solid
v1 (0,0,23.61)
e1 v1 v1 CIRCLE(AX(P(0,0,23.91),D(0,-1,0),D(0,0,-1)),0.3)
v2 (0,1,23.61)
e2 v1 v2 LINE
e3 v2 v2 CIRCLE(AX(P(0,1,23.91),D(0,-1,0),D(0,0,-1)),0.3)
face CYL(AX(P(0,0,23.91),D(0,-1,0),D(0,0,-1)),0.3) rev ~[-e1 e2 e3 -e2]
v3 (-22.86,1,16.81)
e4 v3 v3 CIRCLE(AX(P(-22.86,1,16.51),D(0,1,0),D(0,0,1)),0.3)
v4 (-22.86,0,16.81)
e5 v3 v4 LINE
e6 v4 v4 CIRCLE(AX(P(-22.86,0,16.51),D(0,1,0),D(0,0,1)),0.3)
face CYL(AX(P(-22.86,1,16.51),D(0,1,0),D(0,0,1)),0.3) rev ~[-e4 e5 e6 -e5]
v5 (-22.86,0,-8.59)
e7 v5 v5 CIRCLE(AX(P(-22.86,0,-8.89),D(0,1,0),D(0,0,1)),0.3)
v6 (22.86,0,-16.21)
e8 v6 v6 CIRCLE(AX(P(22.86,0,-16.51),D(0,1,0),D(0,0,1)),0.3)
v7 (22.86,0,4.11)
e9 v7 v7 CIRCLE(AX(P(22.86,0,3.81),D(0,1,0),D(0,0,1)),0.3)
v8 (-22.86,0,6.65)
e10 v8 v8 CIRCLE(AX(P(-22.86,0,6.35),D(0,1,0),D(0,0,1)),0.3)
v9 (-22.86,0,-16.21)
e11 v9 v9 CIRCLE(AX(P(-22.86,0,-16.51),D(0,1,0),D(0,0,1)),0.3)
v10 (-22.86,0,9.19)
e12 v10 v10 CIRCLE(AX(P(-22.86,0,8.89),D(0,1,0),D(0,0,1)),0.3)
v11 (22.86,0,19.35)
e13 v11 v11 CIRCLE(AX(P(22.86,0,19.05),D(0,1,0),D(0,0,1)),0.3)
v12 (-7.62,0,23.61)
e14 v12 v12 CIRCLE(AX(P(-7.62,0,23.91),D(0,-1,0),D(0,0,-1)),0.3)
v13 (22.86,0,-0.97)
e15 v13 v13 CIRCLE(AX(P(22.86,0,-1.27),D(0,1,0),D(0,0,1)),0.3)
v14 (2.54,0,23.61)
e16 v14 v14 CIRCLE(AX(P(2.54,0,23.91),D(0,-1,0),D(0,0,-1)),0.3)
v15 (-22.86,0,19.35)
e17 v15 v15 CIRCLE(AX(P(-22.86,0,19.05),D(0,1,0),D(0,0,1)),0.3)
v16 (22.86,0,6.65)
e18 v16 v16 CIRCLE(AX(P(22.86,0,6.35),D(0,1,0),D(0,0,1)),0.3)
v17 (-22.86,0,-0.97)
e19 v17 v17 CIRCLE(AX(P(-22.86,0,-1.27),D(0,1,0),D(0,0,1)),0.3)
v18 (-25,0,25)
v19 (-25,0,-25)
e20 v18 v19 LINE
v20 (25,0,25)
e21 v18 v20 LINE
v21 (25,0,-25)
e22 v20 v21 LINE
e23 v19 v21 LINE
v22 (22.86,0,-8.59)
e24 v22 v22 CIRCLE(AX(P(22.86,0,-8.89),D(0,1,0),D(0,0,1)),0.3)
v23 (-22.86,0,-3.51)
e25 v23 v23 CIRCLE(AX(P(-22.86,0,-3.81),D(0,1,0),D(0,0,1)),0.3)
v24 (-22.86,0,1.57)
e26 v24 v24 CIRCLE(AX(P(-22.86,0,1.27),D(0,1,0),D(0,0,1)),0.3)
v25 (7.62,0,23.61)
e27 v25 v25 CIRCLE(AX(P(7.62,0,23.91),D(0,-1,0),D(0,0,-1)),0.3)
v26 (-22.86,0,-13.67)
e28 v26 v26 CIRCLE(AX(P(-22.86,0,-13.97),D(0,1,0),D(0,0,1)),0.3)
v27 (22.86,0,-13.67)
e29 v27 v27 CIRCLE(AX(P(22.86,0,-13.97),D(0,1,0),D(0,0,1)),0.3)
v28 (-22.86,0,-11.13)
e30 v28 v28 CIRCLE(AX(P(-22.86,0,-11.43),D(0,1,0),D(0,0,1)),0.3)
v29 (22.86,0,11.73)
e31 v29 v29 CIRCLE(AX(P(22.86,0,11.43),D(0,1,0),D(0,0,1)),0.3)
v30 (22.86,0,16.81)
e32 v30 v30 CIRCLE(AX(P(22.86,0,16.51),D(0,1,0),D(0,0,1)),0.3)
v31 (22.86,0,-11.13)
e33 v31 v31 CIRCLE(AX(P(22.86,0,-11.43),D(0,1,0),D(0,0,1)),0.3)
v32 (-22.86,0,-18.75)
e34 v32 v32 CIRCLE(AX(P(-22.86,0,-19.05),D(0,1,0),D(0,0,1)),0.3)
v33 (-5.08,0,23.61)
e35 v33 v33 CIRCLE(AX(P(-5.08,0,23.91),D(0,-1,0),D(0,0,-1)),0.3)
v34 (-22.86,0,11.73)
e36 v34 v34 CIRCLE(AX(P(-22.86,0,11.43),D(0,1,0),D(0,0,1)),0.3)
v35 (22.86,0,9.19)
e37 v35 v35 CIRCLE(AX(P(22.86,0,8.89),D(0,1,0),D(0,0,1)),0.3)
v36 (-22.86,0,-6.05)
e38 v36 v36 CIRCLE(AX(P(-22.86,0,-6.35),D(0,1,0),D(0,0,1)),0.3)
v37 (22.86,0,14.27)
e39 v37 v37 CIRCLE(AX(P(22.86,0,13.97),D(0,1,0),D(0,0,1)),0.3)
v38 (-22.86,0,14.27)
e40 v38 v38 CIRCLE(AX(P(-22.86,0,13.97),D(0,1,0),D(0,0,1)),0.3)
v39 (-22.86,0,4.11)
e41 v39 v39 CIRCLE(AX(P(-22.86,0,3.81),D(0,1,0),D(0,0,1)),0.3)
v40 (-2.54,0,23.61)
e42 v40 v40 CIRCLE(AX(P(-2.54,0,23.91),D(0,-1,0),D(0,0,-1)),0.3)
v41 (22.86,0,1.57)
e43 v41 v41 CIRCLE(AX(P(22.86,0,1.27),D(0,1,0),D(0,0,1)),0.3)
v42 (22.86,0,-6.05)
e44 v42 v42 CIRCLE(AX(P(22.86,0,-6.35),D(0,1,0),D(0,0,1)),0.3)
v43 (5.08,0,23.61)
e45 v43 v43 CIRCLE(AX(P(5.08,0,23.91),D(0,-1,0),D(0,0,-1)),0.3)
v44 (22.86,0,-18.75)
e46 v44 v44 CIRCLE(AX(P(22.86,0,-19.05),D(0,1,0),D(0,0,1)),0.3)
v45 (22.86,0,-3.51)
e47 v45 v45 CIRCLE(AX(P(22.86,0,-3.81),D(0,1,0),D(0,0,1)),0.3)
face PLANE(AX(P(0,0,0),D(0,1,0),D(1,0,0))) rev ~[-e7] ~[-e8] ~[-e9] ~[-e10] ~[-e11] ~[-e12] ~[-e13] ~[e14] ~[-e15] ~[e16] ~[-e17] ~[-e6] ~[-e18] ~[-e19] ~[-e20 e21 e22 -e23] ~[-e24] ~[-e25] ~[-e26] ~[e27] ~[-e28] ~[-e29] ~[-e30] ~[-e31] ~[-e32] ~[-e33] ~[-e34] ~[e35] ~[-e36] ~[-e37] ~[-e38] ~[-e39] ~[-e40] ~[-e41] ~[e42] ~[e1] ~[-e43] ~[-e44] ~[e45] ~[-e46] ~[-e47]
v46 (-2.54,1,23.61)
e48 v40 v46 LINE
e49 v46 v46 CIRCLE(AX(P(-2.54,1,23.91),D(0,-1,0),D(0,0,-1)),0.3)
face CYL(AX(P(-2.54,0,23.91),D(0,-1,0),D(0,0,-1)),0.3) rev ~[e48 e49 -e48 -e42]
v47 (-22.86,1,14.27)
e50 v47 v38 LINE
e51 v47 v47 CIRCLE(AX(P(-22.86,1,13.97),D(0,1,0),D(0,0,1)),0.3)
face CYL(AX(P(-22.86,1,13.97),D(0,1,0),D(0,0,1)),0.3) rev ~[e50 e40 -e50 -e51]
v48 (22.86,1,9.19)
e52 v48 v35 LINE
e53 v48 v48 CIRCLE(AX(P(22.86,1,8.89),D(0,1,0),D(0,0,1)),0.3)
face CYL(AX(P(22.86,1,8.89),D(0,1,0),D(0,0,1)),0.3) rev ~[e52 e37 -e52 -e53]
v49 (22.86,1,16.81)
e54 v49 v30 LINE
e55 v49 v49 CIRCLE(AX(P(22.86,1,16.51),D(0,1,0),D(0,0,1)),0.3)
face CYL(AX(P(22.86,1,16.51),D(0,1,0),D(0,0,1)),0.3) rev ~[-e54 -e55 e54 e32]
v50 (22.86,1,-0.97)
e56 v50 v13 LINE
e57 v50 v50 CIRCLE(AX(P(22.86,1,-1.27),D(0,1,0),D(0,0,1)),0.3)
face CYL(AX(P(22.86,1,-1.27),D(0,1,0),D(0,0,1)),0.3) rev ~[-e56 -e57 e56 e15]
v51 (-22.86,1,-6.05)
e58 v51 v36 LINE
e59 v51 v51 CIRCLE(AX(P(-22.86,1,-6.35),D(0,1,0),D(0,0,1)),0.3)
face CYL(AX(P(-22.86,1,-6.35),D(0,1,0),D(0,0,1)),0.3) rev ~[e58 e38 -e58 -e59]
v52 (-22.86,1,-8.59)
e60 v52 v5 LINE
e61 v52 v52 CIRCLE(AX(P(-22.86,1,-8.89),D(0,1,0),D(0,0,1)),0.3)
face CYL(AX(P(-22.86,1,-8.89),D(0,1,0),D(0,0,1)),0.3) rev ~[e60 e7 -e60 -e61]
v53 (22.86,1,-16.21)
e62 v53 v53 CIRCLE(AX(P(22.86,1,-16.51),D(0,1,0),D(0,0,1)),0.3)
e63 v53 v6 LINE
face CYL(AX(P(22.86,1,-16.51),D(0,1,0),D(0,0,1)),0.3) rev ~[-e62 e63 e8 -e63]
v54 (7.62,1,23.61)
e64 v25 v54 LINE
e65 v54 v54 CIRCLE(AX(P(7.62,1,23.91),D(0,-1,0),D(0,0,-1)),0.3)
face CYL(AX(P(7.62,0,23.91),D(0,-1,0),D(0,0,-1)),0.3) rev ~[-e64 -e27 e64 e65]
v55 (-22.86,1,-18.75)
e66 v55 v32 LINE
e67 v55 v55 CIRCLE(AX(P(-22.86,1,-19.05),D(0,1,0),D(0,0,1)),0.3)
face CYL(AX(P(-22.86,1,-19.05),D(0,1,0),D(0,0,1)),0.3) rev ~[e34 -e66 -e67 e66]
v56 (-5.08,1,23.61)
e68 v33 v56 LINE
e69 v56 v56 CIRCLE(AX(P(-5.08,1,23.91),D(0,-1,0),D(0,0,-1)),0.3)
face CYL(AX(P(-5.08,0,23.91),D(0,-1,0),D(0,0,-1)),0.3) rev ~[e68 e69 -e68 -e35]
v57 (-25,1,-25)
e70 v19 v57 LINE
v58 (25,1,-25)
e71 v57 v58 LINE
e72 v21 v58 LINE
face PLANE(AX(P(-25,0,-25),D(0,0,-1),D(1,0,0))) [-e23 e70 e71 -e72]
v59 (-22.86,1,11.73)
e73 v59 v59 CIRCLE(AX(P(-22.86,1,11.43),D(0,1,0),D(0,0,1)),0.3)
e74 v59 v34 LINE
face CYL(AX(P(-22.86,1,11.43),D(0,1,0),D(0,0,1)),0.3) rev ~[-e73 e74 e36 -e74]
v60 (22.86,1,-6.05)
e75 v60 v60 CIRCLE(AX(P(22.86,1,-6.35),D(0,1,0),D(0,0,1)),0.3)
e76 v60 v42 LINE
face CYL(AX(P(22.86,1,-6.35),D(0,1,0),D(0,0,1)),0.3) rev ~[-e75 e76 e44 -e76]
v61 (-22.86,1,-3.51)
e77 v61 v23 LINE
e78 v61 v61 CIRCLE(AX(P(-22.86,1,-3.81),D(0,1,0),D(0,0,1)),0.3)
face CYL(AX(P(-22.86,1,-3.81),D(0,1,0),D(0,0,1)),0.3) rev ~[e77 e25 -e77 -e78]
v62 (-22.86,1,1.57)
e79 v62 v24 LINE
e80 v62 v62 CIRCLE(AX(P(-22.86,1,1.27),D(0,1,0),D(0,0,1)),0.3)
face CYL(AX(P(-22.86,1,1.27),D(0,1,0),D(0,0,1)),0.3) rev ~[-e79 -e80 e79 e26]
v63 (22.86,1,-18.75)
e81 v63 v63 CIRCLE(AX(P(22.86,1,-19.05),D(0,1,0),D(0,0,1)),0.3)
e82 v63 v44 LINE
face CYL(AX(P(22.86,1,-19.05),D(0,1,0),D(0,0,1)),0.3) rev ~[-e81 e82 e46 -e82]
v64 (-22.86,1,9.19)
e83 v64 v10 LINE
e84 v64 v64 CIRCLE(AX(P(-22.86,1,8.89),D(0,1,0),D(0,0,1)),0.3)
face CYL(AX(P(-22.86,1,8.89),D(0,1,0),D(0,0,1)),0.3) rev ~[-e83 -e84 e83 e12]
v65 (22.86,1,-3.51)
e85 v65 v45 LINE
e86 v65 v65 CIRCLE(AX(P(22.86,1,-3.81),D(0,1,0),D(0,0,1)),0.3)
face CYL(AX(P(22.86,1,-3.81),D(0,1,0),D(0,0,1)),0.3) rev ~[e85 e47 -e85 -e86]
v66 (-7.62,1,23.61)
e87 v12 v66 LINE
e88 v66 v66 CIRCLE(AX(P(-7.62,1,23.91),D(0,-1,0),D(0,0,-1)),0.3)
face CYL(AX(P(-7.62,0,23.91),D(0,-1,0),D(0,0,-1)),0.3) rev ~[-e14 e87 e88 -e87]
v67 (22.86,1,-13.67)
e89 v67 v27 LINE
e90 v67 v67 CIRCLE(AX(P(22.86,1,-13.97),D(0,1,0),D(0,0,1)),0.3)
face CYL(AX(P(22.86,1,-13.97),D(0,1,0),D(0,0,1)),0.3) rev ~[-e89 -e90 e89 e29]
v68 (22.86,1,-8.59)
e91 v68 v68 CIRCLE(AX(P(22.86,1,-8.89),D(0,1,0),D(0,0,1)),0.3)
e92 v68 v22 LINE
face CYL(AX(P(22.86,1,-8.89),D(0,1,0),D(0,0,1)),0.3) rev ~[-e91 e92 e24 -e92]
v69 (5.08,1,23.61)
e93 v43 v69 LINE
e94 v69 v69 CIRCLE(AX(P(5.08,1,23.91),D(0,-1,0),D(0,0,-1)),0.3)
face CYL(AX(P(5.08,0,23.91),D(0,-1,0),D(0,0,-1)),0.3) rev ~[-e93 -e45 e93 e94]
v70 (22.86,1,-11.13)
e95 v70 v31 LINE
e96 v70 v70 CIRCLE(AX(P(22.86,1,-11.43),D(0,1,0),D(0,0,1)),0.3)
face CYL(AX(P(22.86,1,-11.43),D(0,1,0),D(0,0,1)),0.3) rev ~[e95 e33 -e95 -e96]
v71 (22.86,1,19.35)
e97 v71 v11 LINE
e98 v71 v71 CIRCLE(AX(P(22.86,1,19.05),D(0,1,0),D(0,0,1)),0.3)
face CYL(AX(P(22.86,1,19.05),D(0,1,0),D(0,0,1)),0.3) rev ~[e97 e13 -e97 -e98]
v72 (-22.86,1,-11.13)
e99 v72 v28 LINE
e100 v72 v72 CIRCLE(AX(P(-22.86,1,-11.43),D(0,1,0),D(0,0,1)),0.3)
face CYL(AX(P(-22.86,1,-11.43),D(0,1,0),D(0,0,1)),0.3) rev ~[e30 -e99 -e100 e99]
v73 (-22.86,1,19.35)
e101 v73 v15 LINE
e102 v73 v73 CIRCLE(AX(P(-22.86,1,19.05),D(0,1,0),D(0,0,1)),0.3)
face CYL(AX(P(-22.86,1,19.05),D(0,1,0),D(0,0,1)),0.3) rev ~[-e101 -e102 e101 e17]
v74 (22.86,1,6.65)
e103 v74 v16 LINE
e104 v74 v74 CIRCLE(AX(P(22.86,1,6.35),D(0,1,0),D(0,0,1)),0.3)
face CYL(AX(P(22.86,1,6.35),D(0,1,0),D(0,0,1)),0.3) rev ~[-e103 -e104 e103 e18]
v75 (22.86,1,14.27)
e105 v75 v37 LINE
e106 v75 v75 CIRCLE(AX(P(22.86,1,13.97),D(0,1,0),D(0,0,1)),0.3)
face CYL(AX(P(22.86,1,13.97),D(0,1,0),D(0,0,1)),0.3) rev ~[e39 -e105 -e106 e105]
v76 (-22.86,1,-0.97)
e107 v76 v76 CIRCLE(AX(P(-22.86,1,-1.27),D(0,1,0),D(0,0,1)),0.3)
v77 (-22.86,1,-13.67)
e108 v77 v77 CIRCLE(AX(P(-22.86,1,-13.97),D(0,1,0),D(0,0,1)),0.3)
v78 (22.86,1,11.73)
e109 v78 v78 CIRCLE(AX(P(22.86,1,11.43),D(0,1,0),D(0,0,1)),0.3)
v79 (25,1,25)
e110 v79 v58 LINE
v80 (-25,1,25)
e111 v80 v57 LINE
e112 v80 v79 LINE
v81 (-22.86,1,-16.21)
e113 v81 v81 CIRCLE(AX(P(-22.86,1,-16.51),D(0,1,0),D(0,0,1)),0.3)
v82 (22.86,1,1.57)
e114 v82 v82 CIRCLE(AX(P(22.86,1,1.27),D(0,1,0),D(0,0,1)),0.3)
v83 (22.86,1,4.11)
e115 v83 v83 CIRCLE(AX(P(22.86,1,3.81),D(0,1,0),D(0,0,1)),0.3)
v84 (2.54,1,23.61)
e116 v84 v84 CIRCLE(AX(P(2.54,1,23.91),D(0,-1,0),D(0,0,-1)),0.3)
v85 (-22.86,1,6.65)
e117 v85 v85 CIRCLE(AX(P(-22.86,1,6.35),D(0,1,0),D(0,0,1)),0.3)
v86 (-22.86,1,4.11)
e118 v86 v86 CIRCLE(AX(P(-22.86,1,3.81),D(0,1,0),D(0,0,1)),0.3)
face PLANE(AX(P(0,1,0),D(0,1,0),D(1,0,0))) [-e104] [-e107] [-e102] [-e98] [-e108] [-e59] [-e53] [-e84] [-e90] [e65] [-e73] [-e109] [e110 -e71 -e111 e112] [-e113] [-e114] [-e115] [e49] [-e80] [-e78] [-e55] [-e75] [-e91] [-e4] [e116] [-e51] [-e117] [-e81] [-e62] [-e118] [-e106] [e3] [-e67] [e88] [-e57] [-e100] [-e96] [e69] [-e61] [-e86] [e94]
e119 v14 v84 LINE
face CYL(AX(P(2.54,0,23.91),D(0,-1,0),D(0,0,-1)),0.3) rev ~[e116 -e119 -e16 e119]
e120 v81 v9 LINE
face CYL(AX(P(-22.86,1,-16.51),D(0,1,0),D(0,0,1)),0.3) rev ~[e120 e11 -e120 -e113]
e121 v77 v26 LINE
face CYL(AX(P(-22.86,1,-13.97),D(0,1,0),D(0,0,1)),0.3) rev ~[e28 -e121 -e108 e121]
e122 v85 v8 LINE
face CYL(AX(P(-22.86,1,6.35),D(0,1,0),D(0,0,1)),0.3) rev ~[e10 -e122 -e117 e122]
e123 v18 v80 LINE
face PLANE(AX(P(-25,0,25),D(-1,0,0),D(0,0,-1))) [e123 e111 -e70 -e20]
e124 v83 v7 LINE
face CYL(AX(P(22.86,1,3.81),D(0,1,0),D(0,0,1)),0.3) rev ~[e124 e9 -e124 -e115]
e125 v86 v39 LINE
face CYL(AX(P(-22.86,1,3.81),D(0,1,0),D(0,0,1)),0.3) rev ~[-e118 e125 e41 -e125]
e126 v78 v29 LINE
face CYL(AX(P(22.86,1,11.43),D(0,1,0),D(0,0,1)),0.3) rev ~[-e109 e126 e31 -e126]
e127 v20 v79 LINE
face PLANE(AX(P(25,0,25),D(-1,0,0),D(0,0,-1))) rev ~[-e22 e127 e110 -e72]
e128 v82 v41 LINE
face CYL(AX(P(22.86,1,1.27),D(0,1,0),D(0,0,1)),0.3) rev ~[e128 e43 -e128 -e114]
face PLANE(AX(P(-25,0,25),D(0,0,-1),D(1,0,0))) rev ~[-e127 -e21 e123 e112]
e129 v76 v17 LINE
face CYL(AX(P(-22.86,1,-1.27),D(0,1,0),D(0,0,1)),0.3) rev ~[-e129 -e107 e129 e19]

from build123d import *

# Parameters (mm, degrees)
SKETCH_1_W          = 50
SKETCH_1_H          = 50
EXTRUDE_1_DEPTH     = 1
SKETCH_2_R          = 0.3
CUT_EXTRUDE_1_DEPTH = 36.369478368
SKETCH_3_R          = 0.3
CUT_EXTRUDE_2_DEPTH = 36.369478368


with BuildPart() as part:
    # Эскиз1 → Бобышка-Вытянуть1 (new body)
    with BuildSketch(Plane(origin=(0, 0, 0), x_dir=(1, 0, 0), z_dir=(0, 1, 0))):
        Rectangle(SKETCH_1_W, SKETCH_1_H)
    extrude(amount=EXTRUDE_1_DEPTH)

    # Эскиз2 → Вырез-Вытянуть1 (cut, through all)
    with BuildSketch(Plane(origin=(0, 1, 0), x_dir=(1, 0, 0), z_dir=(0, 1, 0))):
        with Locations(Location((-22.86, -19.05, 0), (0, 0, 270))):
            Circle(SKETCH_2_R)
        with Locations(Location((-22.86, -16.51, 0), (0, 0, 270))):
            Circle(SKETCH_2_R)
        with Locations(Location((-22.86, -13.97, 0), (0, 0, 270))):
            Circle(SKETCH_2_R)
        with Locations(Location((-22.86, -11.43, 0), (0, 0, 270))):
            Circle(SKETCH_2_R)
        with Locations(Location((-22.86, -8.89, 0), (0, 0, 270))):
            Circle(SKETCH_2_R)
        with Locations(Location((-22.86, -6.35, 0), (0, 0, 270))):
            Circle(SKETCH_2_R)
        with Locations(Location((-22.86, -3.81, 0), (0, 0, 270))):
            Circle(SKETCH_2_R)
        with Locations(Location((-22.86, -1.27, 0), (0, 0, 270))):
            Circle(SKETCH_2_R)
        with Locations(Location((-22.86, 1.27, 0), (0, 0, 270))):
            Circle(SKETCH_2_R)
        with Locations(Location((-22.86, 3.81, 0), (0, 0, 270))):
            Circle(SKETCH_2_R)
        with Locations(Location((-22.86, 6.35, 0), (0, 0, 270))):
            Circle(SKETCH_2_R)
        with Locations(Location((-22.86, 8.89, 0), (0, 0, 270))):
            Circle(SKETCH_2_R)
        with Locations(Location((-22.86, 11.43, 0), (0, 0, 270))):
            Circle(SKETCH_2_R)
        with Locations(Location((-22.86, 13.97, 0), (0, 0, 270))):
            Circle(SKETCH_2_R)
        with Locations(Location((-22.86, 16.51, 0), (0, 0, 270))):
            Circle(SKETCH_2_R)
        with Locations(Location((-22.86, 19.05, 0), (0, 0, 270))):
            Circle(SKETCH_2_R)
        with Locations(Location((22.86, -19.05, 0), (0, 0, 270))):
            Circle(SKETCH_2_R)
        with Locations(Location((22.86, -16.51, 0), (0, 0, 270))):
            Circle(SKETCH_2_R)
        with Locations(Location((22.86, -13.97, 0), (0, 0, 270))):
            Circle(SKETCH_2_R)
        with Locations(Location((22.86, -11.43, 0), (0, 0, 270))):
            Circle(SKETCH_2_R)
        with Locations(Location((22.86, -8.89, 0), (0, 0, 270))):
            Circle(SKETCH_2_R)
        with Locations(Location((22.86, -6.35, 0), (0, 0, 270))):
            Circle(SKETCH_2_R)
        with Locations(Location((22.86, -3.81, 0), (0, 0, 270))):
            Circle(SKETCH_2_R)
        with Locations(Location((22.86, -1.27, 0), (0, 0, 270))):
            Circle(SKETCH_2_R)
        with Locations(Location((22.86, 1.27, 0), (0, 0, 270))):
            Circle(SKETCH_2_R)
        with Locations(Location((22.86, 3.81, 0), (0, 0, 270))):
            Circle(SKETCH_2_R)
        with Locations(Location((22.86, 6.35, 0), (0, 0, 270))):
            Circle(SKETCH_2_R)
        with Locations(Location((22.86, 8.89, 0), (0, 0, 270))):
            Circle(SKETCH_2_R)
        with Locations(Location((22.86, 11.43, 0), (0, 0, 270))):
            Circle(SKETCH_2_R)
        with Locations(Location((22.86, 13.97, 0), (0, 0, 270))):
            Circle(SKETCH_2_R)
        with Locations(Location((22.86, 16.51, 0), (0, 0, 270))):
            Circle(SKETCH_2_R)
        with Locations(Location((22.86, 19.05, 0), (0, 0, 270))):
            Circle(SKETCH_2_R)
    extrude(amount=-CUT_EXTRUDE_1_DEPTH, mode=Mode.SUBTRACT)

    # Эскиз3 → Вырез-Вытянуть2 (cut, through all)
    with BuildSketch(Plane.XZ):
        with Locations(Location((7.62, 23.91, 0), (0, 0, 270))):
            Circle(SKETCH_3_R)
        with Locations(Location((5.08, 23.91, 0), (0, 0, 270))):
            Circle(SKETCH_3_R)
        with Locations(Location((2.54, 23.91, 0), (0, 0, 270))):
            Circle(SKETCH_3_R)
        with Locations(Location((0, 23.91, 0), (0, 0, 270))):
            Circle(SKETCH_3_R)
        with Locations(Location((-2.54, 23.91, 0), (0, 0, 270))):
            Circle(SKETCH_3_R)
        with Locations(Location((-5.08, 23.91, 0), (0, 0, 270))):
            Circle(SKETCH_3_R)
        with Locations(Location((-7.62, 23.91, 0), (0, 0, 270))):
            Circle(SKETCH_3_R)
    extrude(amount=-CUT_EXTRUDE_2_DEPTH, mode=Mode.SUBTRACT)


solid = part.part
